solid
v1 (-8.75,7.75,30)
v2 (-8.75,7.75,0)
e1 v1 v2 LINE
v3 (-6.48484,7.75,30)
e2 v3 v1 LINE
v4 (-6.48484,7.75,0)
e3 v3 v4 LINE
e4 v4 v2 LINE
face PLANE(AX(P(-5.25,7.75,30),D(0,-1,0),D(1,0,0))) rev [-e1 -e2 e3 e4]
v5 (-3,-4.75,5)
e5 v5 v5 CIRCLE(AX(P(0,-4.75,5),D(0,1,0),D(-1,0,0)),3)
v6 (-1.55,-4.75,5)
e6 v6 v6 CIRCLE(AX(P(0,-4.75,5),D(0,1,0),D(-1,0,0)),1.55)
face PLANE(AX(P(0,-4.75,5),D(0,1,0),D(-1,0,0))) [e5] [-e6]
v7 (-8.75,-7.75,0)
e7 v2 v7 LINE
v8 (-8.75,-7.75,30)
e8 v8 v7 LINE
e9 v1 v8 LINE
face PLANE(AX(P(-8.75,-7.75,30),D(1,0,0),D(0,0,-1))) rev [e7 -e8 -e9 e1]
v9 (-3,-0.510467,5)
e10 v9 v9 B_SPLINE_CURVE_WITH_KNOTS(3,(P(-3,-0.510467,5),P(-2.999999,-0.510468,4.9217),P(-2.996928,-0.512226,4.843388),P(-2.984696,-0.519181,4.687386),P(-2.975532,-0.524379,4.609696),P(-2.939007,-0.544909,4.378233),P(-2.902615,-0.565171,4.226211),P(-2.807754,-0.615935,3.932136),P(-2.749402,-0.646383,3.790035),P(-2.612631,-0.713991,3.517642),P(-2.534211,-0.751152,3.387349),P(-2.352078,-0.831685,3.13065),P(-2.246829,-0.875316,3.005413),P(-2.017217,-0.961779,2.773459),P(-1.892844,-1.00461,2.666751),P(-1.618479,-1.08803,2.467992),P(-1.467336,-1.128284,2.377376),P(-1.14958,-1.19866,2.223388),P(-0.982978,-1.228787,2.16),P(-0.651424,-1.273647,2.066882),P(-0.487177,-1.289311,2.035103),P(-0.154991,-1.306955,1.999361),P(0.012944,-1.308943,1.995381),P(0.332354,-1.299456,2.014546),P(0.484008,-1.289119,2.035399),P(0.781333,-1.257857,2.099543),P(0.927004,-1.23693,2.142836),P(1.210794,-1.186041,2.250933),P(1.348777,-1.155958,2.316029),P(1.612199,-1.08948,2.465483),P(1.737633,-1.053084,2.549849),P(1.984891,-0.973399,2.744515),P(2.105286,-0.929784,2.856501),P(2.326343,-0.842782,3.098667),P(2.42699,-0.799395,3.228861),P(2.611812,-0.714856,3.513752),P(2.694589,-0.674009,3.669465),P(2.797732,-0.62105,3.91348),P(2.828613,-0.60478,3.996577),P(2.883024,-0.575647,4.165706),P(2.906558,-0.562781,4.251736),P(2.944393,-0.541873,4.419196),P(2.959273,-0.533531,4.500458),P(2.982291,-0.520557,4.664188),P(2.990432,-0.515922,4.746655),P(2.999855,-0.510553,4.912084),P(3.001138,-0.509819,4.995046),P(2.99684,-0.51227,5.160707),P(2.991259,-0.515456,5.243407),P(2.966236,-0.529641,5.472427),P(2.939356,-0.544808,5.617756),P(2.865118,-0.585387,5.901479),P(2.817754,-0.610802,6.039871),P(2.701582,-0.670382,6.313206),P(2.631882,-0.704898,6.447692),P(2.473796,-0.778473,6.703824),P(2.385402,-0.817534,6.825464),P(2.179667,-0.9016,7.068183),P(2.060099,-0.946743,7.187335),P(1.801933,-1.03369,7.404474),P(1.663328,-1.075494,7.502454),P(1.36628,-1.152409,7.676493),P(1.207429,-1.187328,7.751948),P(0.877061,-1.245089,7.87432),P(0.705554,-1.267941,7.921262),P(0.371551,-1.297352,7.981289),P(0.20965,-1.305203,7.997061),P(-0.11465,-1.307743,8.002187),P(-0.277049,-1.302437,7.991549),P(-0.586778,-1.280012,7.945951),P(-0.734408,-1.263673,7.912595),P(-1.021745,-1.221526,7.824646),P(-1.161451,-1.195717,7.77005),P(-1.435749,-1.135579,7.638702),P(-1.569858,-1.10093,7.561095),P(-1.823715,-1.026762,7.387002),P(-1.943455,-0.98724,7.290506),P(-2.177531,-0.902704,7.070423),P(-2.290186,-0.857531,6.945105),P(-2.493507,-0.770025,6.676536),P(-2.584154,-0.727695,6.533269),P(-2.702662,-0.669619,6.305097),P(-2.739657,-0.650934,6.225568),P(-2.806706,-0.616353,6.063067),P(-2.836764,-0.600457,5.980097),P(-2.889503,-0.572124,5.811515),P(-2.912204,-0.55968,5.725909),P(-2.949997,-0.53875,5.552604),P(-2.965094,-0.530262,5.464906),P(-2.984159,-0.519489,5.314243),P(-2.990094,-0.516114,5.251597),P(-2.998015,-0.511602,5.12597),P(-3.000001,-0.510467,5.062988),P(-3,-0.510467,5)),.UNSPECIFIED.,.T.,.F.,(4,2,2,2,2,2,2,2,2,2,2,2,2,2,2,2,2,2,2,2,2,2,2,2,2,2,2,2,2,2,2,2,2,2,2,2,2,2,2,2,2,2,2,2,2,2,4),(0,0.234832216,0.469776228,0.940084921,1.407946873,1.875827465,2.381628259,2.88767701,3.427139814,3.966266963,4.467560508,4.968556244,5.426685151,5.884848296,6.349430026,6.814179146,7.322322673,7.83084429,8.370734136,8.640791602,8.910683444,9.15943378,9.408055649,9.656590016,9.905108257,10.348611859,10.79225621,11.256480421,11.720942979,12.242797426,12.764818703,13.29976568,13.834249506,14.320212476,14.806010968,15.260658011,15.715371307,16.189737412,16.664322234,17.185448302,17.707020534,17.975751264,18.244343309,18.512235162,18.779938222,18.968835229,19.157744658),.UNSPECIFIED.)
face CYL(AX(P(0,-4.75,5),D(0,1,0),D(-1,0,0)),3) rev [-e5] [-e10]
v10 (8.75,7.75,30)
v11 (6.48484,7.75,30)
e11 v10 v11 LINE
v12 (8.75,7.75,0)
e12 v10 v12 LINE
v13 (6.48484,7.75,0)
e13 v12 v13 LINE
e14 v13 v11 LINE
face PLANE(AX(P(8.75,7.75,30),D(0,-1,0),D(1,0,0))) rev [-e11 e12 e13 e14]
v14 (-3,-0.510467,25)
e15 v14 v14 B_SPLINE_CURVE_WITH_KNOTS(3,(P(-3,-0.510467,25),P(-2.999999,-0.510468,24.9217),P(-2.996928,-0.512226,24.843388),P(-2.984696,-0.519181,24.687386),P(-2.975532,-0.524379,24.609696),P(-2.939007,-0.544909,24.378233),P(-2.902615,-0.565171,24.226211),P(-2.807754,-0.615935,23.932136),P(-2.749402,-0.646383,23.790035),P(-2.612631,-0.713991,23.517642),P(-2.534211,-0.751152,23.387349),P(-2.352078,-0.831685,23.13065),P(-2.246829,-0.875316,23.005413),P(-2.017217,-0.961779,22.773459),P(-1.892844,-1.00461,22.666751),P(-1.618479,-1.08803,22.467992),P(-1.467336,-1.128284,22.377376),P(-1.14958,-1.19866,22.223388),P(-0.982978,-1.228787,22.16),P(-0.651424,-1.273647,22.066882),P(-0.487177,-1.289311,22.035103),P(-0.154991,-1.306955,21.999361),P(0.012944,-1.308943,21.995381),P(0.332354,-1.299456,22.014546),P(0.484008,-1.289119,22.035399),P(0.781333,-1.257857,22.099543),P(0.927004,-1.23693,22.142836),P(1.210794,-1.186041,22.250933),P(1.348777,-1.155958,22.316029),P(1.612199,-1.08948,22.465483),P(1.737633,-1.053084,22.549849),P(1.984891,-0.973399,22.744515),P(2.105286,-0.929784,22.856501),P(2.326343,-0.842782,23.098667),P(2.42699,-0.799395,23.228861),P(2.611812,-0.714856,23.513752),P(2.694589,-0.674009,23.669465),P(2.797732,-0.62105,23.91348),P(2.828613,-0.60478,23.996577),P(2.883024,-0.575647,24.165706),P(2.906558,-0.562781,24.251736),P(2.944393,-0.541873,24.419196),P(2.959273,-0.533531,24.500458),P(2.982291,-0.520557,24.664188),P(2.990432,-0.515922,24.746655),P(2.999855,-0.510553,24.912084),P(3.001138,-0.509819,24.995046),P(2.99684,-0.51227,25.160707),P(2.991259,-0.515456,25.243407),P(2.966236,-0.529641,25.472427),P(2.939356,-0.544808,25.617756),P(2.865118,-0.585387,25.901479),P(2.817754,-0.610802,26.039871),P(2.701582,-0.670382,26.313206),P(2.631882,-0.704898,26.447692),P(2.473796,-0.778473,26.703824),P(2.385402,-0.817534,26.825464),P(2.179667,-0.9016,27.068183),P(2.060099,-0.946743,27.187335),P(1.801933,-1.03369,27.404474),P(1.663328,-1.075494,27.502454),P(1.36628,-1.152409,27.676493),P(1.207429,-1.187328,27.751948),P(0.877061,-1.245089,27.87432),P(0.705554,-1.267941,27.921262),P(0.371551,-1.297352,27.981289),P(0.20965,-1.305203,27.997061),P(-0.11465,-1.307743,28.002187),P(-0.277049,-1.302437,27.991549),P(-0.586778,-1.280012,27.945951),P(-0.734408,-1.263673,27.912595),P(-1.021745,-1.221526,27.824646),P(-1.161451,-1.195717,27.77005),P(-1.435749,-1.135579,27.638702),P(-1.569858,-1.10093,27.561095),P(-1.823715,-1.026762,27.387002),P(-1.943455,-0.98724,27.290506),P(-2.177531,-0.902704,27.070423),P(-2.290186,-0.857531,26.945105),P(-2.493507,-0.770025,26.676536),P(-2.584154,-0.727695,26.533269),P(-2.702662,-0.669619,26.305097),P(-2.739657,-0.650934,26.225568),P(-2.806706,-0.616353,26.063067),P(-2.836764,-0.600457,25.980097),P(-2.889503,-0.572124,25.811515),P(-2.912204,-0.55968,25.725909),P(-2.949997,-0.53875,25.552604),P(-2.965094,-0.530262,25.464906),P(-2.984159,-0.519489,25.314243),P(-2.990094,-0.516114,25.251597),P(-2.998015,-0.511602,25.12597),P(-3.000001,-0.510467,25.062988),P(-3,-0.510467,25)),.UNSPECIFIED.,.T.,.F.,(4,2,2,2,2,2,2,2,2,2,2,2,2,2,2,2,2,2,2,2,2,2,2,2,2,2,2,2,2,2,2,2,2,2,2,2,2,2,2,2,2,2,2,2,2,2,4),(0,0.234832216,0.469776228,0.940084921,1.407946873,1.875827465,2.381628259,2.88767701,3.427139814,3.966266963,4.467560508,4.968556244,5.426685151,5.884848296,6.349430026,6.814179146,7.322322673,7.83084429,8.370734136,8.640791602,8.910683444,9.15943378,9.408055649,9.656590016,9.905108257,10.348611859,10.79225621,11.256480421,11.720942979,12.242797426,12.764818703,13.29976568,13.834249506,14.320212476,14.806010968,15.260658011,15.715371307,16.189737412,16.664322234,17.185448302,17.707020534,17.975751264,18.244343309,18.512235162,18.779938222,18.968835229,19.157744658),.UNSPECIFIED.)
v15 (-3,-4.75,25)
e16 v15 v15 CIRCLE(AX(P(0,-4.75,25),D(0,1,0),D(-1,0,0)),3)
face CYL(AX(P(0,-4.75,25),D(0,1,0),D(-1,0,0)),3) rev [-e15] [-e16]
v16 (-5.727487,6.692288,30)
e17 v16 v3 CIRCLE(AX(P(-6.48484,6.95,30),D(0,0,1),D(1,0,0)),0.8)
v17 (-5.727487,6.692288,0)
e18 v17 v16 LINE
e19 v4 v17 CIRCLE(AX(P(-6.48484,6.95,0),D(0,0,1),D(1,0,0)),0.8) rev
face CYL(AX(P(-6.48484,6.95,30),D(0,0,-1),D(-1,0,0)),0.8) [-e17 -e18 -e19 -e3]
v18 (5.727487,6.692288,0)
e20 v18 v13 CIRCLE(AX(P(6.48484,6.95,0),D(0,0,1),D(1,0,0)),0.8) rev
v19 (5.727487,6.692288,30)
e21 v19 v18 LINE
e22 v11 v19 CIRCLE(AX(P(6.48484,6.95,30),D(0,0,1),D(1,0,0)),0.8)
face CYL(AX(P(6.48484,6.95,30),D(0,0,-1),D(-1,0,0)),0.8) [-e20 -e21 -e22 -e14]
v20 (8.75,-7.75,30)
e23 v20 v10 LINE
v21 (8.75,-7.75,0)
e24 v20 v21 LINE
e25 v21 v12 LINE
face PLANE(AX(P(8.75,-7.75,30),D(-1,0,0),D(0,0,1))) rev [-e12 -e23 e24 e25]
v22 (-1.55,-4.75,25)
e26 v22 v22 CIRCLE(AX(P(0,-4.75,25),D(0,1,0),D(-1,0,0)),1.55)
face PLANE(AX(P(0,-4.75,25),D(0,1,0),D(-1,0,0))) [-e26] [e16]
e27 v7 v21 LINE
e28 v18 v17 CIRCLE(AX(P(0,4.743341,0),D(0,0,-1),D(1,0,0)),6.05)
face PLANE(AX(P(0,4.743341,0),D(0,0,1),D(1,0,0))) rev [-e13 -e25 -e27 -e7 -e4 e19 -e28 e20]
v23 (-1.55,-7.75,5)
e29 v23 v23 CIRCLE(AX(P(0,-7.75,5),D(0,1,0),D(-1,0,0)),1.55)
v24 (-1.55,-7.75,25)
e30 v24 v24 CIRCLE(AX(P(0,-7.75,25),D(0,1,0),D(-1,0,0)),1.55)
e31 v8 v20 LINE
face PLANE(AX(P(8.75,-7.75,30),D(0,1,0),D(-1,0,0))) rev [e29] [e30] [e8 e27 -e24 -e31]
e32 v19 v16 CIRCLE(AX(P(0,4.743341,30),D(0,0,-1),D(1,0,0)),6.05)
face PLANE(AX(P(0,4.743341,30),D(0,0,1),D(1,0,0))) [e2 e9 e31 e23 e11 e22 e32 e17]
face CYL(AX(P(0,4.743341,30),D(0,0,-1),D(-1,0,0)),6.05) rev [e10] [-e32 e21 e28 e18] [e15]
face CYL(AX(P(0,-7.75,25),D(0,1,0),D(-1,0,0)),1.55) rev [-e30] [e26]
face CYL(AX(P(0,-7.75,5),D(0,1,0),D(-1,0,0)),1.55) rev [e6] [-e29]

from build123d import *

# Parameters (mm, degrees)
BOSS_EXTRUDE1_DEPTH = 30
FILLET1_R           = 0.8
SKETCH3_R           = 3
CUT_EXTRUDE1_DEPTH  = 12.5
SKETCH4_R           = 1.55
CUT_EXTRUDE2_DEPTH  = 35.882839707


with BuildPart() as part:
    # Sketch1 → Boss-Extrude1 (new body)
    with BuildSketch(Plane.XY):
        with BuildLine():
            Line((-5.25, 7.75), (-8.75, 7.75))
            Line((-8.75, 7.75), (-8.75, -7.75))
            Line((-8.75, -7.75), (8.75, -7.75))
            Line((8.75, -7.75), (8.75, 7.75))
            Line((8.75, 7.75), (5.25, 7.75))
            ThreePointArc((5.25, 7.75), (0, -1.306659276), (-5.25, 7.75))
        make_face()
    extrude(amount=BOSS_EXTRUDE1_DEPTH)

    # Fillet1
    fillet1_edges = [part.edges().sort_by_distance(p)[0] for p in [
        (-5.25, 7.75, 15),
        (5.25, 7.75, 15),
    ]]
    fillet(fillet1_edges, radius=FILLET1_R)

    # Sketch3 → Cut-Extrude1 (cut)
    with BuildSketch(Plane(origin=(0, 7.75, 0), x_dir=(1, 0, 0), z_dir=(0, 1, 0))):
        with Locations(Location((0, -5, 0), (0, 0, 180))):
            Circle(SKETCH3_R)
        with Locations(Location((0, -25, 0), (0, 0, 180))):
            Circle(SKETCH3_R)
    extrude(amount=-CUT_EXTRUDE1_DEPTH, mode=Mode.SUBTRACT)

    # Sketch4 → Cut-Extrude2 (cut, through all)
    with BuildSketch(Plane(origin=(0, 7.75, 0), x_dir=(1, 0, 0), z_dir=(0, 1, 0))):
        with Locations(Location((0, -5, 0), (0, 0, 180))):
            Circle(SKETCH4_R)
        with Locations(Location((0, -25, 0), (0, 0, 180))):
            Circle(SKETCH4_R)
    extrude(amount=-CUT_EXTRUDE2_DEPTH, mode=Mode.SUBTRACT)


solid = part.part
